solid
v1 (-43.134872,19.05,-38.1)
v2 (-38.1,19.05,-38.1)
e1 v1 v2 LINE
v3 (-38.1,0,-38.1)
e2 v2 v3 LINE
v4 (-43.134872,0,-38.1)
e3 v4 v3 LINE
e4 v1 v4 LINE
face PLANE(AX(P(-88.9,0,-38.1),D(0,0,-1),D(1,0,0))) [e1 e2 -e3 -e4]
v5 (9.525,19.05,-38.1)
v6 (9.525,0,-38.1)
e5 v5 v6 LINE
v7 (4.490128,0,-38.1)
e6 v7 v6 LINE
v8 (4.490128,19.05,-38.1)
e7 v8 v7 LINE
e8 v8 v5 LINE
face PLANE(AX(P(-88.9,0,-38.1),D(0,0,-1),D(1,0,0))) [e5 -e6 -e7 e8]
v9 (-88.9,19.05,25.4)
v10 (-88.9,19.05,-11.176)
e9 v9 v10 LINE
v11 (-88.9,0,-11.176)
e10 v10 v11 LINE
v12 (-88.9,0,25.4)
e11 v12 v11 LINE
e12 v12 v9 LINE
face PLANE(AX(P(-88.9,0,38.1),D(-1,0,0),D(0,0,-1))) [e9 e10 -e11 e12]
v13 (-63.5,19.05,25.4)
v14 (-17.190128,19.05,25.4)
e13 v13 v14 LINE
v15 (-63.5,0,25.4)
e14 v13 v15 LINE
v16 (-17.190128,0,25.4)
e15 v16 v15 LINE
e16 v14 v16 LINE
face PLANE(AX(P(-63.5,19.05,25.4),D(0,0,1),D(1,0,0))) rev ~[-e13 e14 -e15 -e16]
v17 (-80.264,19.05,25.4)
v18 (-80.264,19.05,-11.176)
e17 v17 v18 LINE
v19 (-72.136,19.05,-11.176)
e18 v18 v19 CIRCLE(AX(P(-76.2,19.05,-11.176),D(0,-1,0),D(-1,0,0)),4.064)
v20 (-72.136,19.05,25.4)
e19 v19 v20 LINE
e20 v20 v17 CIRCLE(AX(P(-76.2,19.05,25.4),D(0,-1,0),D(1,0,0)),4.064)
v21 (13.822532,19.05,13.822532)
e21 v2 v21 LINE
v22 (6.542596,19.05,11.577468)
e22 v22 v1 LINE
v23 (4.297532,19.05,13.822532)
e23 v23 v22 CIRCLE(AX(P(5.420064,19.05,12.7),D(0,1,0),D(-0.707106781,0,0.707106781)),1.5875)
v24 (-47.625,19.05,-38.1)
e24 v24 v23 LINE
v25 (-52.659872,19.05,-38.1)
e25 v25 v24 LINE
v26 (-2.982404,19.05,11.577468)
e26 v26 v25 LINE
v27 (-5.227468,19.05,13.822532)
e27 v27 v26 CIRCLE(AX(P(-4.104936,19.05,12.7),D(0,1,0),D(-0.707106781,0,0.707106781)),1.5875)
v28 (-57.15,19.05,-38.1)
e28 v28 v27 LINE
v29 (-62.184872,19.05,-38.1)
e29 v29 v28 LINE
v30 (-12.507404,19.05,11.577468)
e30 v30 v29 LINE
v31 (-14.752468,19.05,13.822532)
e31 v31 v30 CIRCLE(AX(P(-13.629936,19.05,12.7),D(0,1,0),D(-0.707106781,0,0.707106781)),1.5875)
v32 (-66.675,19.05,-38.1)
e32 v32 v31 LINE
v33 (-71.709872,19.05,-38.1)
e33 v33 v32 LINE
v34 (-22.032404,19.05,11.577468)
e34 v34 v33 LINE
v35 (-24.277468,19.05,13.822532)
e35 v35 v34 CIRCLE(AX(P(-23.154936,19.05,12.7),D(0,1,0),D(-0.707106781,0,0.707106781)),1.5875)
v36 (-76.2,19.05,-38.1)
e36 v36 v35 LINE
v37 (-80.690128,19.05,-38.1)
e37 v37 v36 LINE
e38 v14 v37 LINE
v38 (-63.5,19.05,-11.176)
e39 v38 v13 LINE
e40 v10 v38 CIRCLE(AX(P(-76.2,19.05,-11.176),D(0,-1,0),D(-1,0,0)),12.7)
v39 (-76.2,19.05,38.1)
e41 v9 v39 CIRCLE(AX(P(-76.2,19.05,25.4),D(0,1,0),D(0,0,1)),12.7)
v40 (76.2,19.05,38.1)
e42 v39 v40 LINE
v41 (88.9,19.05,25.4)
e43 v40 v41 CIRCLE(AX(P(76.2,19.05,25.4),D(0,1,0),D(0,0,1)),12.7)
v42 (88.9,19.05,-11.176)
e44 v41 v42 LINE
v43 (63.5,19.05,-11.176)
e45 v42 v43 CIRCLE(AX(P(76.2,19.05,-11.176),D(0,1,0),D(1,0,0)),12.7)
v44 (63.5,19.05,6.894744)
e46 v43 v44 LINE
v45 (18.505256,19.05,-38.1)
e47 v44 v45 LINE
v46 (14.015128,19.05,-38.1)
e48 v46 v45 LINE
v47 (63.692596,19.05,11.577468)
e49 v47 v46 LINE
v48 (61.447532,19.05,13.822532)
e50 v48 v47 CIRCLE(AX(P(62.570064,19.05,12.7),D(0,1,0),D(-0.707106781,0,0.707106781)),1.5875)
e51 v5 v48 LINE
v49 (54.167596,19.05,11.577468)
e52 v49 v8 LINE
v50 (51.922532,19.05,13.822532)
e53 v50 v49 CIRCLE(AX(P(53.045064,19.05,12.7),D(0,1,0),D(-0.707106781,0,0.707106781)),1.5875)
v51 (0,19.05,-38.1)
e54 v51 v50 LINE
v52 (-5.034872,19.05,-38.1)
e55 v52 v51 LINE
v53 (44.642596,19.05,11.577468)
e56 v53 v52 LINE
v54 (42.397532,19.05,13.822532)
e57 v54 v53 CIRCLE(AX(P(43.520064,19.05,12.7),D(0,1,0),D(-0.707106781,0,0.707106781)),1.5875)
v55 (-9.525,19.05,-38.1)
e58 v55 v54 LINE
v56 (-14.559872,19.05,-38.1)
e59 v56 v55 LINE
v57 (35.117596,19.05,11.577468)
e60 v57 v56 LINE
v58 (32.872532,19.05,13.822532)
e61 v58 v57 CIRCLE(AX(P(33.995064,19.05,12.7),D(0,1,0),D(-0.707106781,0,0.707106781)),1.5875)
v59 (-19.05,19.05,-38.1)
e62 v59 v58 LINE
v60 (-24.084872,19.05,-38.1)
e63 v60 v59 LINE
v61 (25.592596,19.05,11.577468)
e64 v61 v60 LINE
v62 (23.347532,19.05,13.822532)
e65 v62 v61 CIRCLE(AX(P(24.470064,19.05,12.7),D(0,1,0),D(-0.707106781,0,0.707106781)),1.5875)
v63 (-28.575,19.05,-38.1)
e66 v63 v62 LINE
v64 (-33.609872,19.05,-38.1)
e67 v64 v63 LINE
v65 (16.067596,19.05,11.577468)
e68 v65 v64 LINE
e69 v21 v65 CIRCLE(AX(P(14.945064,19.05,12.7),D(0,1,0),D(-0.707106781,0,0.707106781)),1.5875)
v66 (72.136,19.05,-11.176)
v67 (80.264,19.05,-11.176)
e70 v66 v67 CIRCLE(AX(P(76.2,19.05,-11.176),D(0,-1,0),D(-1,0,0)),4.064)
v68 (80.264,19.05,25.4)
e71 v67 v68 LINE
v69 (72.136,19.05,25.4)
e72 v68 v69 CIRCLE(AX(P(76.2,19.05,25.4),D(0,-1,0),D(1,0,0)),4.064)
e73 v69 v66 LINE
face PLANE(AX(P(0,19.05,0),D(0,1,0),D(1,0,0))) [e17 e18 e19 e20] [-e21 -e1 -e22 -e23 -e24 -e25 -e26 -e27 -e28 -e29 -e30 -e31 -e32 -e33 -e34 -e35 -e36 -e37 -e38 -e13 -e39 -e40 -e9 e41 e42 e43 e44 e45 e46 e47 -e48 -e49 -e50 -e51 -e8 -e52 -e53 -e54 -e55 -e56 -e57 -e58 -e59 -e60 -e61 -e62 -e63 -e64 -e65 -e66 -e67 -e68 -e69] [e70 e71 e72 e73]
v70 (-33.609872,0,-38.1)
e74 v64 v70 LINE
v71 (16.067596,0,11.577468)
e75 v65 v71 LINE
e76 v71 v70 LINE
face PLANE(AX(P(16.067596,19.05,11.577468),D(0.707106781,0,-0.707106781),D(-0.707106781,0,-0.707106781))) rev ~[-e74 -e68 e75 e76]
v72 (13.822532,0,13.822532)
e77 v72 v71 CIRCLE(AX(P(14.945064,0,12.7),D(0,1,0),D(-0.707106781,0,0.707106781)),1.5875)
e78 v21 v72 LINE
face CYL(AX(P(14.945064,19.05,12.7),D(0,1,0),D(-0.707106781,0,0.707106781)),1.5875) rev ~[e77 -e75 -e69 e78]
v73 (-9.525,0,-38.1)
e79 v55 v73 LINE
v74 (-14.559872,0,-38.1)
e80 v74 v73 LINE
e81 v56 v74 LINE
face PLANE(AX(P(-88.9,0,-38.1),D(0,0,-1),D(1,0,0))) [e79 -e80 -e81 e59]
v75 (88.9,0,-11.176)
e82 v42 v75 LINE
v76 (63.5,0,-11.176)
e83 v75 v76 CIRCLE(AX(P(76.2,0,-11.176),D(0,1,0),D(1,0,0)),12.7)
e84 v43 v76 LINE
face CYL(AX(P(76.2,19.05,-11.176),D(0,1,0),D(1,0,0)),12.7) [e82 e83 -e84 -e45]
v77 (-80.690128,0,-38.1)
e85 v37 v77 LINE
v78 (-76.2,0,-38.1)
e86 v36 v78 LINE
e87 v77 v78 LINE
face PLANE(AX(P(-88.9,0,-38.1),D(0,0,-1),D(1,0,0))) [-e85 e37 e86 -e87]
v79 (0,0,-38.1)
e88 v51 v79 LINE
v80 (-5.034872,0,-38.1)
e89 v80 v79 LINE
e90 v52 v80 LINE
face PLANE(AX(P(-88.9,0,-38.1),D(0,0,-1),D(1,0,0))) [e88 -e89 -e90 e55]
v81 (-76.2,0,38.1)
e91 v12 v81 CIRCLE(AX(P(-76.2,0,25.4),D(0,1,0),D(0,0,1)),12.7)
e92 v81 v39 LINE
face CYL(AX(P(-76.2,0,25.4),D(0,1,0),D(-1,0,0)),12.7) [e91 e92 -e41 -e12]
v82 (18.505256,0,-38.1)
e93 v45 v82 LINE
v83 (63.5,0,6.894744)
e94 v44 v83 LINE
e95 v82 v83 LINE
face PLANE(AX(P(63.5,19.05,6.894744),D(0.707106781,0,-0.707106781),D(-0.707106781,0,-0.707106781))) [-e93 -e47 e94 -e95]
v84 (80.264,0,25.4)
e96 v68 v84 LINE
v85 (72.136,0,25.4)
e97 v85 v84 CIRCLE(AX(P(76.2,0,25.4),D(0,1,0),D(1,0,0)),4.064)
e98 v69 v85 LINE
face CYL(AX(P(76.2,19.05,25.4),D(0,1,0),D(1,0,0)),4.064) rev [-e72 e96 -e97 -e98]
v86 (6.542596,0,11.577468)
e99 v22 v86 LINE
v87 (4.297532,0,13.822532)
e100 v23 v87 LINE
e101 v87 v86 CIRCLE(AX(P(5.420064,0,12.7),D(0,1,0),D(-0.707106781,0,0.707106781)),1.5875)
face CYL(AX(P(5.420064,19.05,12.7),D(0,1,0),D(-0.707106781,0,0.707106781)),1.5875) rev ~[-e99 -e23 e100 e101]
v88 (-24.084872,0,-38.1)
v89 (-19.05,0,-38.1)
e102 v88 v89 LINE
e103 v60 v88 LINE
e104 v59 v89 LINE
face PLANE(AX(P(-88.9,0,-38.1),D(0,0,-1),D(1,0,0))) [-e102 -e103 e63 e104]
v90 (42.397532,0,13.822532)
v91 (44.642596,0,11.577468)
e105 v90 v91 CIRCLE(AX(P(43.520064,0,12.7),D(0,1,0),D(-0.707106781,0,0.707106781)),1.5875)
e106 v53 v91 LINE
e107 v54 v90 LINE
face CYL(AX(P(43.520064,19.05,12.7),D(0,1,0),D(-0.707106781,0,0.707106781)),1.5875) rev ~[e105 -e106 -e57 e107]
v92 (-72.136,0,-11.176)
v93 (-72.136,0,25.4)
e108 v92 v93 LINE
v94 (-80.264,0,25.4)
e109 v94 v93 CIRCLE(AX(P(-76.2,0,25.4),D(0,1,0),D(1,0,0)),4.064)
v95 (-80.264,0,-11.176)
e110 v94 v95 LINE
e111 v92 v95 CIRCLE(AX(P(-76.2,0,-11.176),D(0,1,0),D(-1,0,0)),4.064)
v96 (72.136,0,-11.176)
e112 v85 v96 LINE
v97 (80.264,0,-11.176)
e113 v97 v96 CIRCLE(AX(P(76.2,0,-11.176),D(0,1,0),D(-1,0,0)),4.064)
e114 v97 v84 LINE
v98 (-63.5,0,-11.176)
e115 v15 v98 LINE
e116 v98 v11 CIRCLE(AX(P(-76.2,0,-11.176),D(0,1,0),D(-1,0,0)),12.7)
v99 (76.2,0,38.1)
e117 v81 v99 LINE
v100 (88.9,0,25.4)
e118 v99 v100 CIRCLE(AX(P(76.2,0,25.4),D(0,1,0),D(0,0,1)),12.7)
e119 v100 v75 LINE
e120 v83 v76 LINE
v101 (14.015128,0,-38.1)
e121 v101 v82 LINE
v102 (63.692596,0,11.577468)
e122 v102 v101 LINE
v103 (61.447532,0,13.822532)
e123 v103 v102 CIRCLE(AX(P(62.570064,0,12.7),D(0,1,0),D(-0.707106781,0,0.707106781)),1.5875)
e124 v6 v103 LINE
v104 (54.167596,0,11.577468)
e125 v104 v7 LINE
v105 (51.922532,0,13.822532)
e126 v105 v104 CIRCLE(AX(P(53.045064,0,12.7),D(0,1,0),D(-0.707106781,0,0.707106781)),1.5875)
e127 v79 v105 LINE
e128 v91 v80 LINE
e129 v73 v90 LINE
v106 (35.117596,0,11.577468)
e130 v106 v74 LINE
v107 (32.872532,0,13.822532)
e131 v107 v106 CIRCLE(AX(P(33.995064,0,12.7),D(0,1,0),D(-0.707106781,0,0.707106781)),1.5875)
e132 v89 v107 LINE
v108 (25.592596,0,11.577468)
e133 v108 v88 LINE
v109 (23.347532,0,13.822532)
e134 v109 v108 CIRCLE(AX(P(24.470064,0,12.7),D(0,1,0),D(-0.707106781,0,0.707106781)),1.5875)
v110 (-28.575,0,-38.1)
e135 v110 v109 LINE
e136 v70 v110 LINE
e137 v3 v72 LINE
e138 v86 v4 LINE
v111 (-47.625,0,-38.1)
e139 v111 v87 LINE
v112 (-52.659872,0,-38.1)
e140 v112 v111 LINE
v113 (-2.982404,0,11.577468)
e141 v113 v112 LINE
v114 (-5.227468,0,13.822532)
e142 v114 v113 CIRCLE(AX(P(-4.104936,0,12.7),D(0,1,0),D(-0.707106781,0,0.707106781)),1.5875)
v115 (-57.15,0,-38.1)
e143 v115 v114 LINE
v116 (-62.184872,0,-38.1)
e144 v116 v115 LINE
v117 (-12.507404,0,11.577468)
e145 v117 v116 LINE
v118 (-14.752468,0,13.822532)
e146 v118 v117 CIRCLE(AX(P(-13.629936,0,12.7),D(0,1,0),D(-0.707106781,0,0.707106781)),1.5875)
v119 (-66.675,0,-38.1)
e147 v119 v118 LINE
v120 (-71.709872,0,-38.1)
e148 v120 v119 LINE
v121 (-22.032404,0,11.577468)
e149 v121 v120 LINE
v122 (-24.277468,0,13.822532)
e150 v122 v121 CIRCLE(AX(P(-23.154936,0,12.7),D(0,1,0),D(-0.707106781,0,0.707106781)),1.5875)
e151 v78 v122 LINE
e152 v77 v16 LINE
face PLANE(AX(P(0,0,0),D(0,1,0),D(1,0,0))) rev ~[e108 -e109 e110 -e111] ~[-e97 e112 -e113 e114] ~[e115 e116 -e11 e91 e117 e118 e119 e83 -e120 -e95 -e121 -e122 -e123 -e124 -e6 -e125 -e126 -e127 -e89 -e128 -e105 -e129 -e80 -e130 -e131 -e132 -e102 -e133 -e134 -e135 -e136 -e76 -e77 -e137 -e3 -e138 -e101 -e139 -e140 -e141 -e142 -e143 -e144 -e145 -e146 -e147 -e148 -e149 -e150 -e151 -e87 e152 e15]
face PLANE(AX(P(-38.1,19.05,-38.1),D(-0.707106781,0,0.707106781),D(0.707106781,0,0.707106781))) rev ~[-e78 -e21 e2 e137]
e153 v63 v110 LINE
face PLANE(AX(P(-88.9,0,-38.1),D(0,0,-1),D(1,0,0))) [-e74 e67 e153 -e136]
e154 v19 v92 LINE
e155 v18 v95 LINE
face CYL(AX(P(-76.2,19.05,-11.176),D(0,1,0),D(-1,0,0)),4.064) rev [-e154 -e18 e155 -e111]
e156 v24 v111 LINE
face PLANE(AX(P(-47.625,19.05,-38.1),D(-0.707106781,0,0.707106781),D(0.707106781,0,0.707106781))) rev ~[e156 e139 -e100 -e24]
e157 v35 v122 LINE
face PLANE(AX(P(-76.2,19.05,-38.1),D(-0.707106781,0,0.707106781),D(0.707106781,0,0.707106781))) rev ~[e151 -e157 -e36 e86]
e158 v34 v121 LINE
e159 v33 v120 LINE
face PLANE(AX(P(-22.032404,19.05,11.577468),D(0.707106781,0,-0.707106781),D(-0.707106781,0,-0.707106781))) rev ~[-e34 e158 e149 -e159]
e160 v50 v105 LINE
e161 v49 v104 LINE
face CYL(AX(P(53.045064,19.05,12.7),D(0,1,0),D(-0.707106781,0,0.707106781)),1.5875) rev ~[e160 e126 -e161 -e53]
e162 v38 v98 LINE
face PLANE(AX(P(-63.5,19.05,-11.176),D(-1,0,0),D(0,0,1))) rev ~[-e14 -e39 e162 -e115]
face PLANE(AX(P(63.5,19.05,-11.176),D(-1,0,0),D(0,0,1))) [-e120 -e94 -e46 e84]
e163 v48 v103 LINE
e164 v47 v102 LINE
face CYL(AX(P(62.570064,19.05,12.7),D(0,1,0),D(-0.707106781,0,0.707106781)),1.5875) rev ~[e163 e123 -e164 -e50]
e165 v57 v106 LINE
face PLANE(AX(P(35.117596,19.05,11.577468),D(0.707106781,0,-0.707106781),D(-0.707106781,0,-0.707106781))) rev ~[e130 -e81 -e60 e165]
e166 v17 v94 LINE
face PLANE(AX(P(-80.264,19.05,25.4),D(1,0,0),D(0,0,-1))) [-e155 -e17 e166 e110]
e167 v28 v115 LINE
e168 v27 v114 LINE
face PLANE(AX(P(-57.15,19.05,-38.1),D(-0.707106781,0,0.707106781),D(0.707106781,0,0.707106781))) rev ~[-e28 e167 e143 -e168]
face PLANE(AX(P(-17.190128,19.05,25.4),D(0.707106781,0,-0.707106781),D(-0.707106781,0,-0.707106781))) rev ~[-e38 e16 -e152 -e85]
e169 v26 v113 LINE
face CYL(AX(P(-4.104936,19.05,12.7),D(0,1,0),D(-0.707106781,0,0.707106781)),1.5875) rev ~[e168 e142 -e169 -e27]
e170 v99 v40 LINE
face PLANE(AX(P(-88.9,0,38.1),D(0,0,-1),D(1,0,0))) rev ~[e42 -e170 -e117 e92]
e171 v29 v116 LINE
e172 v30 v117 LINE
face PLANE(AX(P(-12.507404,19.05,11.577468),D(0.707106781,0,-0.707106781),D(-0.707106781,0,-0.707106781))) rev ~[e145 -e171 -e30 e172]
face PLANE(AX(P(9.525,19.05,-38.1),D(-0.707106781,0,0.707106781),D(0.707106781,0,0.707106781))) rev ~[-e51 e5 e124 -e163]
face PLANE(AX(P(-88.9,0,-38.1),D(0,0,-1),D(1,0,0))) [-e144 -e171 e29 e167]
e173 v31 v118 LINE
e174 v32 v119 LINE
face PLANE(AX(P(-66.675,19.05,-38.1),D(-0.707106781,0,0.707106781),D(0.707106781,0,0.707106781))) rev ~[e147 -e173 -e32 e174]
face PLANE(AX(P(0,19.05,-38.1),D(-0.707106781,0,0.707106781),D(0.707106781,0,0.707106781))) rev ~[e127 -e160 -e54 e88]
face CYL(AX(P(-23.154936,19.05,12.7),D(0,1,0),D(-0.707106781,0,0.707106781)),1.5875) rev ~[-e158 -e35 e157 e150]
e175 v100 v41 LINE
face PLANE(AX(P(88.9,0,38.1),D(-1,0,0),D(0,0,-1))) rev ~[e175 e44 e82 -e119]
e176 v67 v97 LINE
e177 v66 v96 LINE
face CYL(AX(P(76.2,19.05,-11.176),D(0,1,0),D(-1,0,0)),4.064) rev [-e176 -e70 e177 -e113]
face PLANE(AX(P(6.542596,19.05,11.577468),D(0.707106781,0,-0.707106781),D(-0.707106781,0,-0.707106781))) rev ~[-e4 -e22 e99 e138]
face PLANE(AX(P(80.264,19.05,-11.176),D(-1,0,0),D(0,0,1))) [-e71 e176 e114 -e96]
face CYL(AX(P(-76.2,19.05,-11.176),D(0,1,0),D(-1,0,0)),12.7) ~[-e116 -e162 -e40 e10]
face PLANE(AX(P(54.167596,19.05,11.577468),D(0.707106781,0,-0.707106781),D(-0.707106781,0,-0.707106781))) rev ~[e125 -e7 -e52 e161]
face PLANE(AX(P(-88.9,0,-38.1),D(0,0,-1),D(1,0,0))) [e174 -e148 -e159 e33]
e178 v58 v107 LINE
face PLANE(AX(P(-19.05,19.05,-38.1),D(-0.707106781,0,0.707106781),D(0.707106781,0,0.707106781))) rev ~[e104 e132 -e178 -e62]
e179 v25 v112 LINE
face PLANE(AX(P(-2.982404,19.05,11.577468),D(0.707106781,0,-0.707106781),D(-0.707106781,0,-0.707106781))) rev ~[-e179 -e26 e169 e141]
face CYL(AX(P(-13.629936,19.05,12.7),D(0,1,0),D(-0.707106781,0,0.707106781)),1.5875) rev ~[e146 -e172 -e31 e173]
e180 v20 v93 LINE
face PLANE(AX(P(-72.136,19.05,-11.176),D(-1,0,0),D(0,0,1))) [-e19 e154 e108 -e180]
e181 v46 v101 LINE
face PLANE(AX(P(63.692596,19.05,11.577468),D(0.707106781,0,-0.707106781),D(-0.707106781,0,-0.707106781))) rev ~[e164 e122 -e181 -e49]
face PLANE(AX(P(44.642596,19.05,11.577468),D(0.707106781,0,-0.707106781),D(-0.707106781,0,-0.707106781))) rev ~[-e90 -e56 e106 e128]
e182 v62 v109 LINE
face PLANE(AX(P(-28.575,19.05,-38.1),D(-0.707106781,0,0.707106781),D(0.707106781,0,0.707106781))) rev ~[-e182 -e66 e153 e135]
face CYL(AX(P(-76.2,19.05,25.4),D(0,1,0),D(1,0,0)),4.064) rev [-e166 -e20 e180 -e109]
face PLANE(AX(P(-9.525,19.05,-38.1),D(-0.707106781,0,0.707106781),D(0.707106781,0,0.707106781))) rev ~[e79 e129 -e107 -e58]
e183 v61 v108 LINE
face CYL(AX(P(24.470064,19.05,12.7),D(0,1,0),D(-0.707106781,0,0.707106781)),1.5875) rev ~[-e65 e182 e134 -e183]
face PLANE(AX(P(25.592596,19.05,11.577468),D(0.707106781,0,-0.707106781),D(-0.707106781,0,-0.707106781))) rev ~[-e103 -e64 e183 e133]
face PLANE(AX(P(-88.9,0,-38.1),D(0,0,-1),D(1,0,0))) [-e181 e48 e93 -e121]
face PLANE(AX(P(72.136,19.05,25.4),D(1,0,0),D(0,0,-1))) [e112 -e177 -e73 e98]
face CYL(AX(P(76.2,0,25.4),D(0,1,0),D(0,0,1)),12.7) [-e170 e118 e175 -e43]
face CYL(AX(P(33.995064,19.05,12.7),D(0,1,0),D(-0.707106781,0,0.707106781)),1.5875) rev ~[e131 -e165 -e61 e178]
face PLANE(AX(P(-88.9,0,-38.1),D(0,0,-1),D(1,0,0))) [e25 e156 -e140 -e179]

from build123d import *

# Parameters (mm, degrees)
SKETCH1_W           = 177.8
SKETCH1_H           = 76.2
BOSS_EXTRUDE1_DEPTH = 19.05
CUT_EXTRUDE1_DEPTH  = 99.578509321
LPATTERN1_COUNT     = 10
LPATTERN1_PITCH     = 9.525
CUT_EXTRUDE3_DEPTH  = 99.578509321
FILLET1_R           = 12.7
CUT_EXTRUDE4_REACH  = 100.579


with BuildPart() as part:
    # Sketch1 → Boss-Extrude1 (new body)
    with BuildSketch(Plane(origin=(0, 0, 0), x_dir=(1, 0, 0), z_dir=(0, 1, 0))):
        Rectangle(SKETCH1_W, SKETCH1_H)
    extrude(amount=BOSS_EXTRUDE1_DEPTH)

    # Sketch2 → Cut-Extrude1 (cut, through all)
    with BuildSketch(Plane(origin=(0, 19.05, 0), x_dir=(1, 0, 0), z_dir=(0, 1, 0))):
        with BuildLine():
            Line((-76.2, 38.1), (-24.277467985, -13.822532015))
            ThreePointArc((-24.277467985, -13.822532015), (-22.032403955, -13.822532015), (-22.032403955, -11.577467985))
            Line((-22.032403955, -11.577467985), (-71.709871939, 38.1))
            Line((-71.709871939, 38.1), (-76.2, 38.1))
        make_face()
    cut_extrude1 = extrude(amount=-CUT_EXTRUDE1_DEPTH, mode=Mode.SUBTRACT)

    # LPattern1: Cut-Extrude1 ×10
    with Locations(*[(i * LPATTERN1_PITCH, 0, 0) for i in range(1, LPATTERN1_COUNT)]):
        add(cut_extrude1, mode=Mode.SUBTRACT)

    # Sketch3 → Cut-Extrude3 (cut, through all)
    with BuildSketch(Plane(origin=(0, 19.05, 0), x_dir=(1, 0, 0), z_dir=(0, 1, 0))):
        with BuildLine():
            Line((-72.136, 11.176), (-72.136, -25.4))
            ThreePointArc((-72.136, -25.4), (-76.2, -29.464), (-80.264, -25.4))
            Line((-80.264, -25.4), (-80.264, 11.176))
            ThreePointArc((-80.264, 11.176), (-76.2, 15.24), (-72.136, 11.176))
        make_face()
        with BuildLine():
            Line((80.264, 11.176), (80.264, -25.4))
            ThreePointArc((80.264, -25.4), (76.2, -29.464), (72.136, -25.4))
            Line((72.136, -25.4), (72.136, 11.176))
            ThreePointArc((72.136, 11.176), (76.2, 15.24), (80.264, 11.176))
        make_face()
    extrude(amount=-CUT_EXTRUDE3_DEPTH, mode=Mode.SUBTRACT)

    # Fillet1
    fillet1_edges = [part.edges().sort_by_distance(p)[0] for p in [
        (88.9, 9.525, 38.1),
        (-88.9, 9.525, 38.1),
    ]]
    fillet(fillet1_edges, radius=FILLET1_R)

    # Sketch5 → Cut-Extrude4 (cut, up to next)
    with BuildSketch(Plane(origin=(0, 19.05, 0), x_dir=(1, 0, 0), z_dir=(0, 1, 0)), mode=Mode.PRIVATE) as cut_extrude4_sk1:
        with BuildLine():
            Line((-88.9, 38.1), (-88.9, 11.176))
            ThreePointArc((-88.9, 11.176), (-76.2, 23.876), (-63.5, 11.176))
            Line((-63.5, 11.176), (-63.5, -25.4))
            Line((-63.5, -25.4), (-17.190128061, -25.4))
            Line((-17.190128061, -25.4), (-80.690128061, 38.1))
            Line((-80.690128061, 38.1), (-88.9, 38.1))
        make_face()
    cut_extrude4_tool1 = extrude(cut_extrude4_sk1.sketch, amount=-CUT_EXTRUDE4_REACH, mode=Mode.PRIVATE) & part.part
    # Sketch5 → Cut-Extrude4 (cut, up to next)
    with BuildSketch(Plane(origin=(0, 19.05, 0), x_dir=(1, 0, 0), z_dir=(0, 1, 0)), mode=Mode.PRIVATE) as cut_extrude4_sk2:
        with BuildLine():
            Line((88.9, 38.1), (88.9, 11.176))
            ThreePointArc((88.9, 11.176), (76.2, 23.876), (63.5, 11.176))
            Line((63.5, 11.176), (63.5, -6.894743879))
            Line((63.5, -6.894743879), (18.505256121, 38.1))
            Line((18.505256121, 38.1), (88.9, 38.1))
        make_face()
    cut_extrude4_tool2 = extrude(cut_extrude4_sk2.sketch, amount=-CUT_EXTRUDE4_REACH, mode=Mode.PRIVATE) & part.part
    add(cut_extrude4_tool1.solids().sort_by_distance((-54.694692, 19.05, 2.076877))[0], mode=Mode.SUBTRACT)
    add(cut_extrude4_tool2.solids().sort_by_distance((56.766727, 19.05, -24.977603))[0], mode=Mode.SUBTRACT)


solid = part.part
